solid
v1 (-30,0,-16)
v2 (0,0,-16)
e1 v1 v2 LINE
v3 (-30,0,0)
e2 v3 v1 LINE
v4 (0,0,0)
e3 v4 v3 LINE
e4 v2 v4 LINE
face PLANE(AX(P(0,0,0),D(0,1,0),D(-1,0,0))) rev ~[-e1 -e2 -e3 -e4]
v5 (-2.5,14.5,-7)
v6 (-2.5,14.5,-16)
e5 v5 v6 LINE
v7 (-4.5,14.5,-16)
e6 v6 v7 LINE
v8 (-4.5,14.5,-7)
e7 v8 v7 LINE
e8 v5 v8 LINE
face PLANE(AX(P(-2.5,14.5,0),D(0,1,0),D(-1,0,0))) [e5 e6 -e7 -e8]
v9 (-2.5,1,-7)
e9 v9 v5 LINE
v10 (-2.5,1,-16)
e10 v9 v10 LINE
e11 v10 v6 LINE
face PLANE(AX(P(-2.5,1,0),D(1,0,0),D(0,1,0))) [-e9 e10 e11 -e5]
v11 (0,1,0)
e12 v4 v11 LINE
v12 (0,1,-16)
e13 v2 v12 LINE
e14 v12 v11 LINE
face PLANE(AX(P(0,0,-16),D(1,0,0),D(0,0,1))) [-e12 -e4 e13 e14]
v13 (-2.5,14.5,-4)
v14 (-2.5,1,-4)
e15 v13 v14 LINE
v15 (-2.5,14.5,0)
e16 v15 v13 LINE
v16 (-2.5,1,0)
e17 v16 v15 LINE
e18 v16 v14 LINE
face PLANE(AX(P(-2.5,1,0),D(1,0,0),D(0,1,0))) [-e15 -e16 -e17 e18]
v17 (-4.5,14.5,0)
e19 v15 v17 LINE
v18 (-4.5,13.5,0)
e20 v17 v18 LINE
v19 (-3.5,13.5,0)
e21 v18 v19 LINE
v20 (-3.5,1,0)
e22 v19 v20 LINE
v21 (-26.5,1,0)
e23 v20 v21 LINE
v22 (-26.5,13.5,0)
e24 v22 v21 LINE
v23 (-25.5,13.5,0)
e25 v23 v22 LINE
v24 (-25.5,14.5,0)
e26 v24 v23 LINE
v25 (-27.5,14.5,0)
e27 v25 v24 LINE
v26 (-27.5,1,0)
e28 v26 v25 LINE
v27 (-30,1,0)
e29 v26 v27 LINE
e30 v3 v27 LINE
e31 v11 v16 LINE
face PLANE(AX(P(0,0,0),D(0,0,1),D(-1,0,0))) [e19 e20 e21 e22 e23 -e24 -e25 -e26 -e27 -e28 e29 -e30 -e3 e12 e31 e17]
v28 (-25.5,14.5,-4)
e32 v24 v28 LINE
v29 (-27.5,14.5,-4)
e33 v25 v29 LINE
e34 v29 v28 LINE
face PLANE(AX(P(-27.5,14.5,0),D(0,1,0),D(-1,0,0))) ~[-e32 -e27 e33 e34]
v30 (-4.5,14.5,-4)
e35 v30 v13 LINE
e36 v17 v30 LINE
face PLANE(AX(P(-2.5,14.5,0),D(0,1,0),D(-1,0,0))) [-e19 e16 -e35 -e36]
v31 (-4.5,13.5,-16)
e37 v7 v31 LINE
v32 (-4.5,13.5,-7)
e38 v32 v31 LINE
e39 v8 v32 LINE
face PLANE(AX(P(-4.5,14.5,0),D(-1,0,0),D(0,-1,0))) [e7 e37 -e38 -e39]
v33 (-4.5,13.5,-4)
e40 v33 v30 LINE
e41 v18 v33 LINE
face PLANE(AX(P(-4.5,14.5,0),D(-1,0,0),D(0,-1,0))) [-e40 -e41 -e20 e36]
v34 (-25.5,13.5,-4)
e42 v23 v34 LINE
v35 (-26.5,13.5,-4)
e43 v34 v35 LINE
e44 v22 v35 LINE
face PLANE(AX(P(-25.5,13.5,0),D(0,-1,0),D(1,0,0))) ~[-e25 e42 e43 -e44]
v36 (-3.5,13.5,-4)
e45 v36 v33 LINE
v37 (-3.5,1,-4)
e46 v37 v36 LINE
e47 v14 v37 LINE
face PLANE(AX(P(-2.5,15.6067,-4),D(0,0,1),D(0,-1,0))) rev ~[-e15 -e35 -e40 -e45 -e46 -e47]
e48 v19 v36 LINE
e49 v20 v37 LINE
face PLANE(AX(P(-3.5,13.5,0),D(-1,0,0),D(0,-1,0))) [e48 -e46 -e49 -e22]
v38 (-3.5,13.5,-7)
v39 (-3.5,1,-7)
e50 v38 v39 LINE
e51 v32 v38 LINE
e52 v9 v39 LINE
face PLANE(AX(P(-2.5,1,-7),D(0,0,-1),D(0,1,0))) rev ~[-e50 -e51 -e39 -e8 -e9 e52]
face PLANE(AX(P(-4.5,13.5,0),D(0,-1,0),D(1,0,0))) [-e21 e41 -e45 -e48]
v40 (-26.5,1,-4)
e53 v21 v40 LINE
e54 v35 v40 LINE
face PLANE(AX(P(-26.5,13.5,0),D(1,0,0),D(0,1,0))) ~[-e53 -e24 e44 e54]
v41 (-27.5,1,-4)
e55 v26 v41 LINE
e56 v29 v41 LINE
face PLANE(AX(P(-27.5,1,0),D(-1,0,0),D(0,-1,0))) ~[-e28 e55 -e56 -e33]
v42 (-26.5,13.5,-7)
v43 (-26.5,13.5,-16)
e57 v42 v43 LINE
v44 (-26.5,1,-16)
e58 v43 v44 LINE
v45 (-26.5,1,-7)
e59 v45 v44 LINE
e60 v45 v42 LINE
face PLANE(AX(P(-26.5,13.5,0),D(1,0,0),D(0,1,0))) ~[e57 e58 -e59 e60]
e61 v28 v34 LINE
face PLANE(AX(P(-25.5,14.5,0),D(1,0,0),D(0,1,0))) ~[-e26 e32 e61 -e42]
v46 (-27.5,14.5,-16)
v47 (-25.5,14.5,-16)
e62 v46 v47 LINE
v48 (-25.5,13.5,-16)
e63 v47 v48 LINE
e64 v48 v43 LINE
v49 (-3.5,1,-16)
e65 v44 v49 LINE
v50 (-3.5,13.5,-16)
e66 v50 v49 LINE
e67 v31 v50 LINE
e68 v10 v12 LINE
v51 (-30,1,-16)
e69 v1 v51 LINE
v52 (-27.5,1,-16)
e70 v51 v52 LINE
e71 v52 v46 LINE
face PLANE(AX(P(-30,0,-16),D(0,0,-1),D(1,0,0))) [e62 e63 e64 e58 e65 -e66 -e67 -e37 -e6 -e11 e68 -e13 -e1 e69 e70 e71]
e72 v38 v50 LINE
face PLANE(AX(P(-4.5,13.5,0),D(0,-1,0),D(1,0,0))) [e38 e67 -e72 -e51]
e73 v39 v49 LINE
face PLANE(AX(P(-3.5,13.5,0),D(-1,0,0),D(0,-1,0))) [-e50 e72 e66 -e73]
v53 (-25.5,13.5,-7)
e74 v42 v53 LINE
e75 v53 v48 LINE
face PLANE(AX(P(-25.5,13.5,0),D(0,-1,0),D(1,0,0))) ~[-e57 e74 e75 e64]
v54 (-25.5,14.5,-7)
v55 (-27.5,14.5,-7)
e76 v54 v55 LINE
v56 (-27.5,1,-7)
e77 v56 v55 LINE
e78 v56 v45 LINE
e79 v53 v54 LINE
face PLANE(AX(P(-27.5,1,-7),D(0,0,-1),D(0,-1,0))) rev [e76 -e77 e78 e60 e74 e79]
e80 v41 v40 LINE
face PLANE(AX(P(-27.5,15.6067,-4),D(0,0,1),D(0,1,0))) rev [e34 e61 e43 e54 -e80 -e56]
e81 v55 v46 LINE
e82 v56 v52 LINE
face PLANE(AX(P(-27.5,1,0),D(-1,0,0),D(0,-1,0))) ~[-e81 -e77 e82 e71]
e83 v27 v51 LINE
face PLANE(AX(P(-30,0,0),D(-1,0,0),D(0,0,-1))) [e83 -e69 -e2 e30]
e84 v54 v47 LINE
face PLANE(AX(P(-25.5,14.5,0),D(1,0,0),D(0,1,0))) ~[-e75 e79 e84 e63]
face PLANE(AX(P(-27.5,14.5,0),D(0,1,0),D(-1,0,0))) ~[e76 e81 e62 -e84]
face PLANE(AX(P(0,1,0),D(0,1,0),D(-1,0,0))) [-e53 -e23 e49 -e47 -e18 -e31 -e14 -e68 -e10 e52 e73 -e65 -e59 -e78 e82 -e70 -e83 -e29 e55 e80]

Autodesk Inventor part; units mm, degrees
ref_plane "YZ Plane" through (0, 0, 0) normal (1, 0, 0) x (0, 1, 0)
ref_plane "XZ Plane" through (0, 0, 0) normal (0, 1, 0) x (-1, 0, 0)
ref_plane "XY Plane" through (0, 0, 0) normal (0, 0, 1) x (1, 0, 0)
sketch "Skizze1" plane through (0, 0, 0) normal (0, 1, 0) x (-1, 0, 0)
  line L0 (0, 0) -> (30, 0)
  line L1 (30, 0) -> (30, -16)
  line L2 (30, -16) -> (0, -16)
  line L3 (0, -16) -> (0, 0)
  dimension "d0" = 30
  dimension "d1" = 16
extrude "Extrusion1" add sketch "Skizze1" along normal blind 1
sketch "Skizze2" plane through (-30, 0, 0) normal (0, 0, 1) x (1, 0, 0)
  line L0 (30, 1) -> (0, 1) projected
  line L1 (27.5, 1) -> (27.5, 14.5)
  line L2 (27.5, 1) -> (41, 1) construction
  line L3 (27.5, 14.5) -> (25.5, 14.5)
  line L4 (25.5, 14.5) -> (25.5, 13.5)
  line L5 (25.5, 13.5) -> (26.5, 13.5)
  line L6 (26.5, 13.5) -> (26.5, 1)
  line L7 (26.5, 1) -> (27.5, 1)
  line L8 (15, 1) -> (15, 5.7863)
  point P0 (30, 0)
  point P1 (15, 3.3931)
  point P2 (26.5, 1)
  dimension "d4" = 13.5
  dimension "d5" = 90
  dimension "d6" = 2
  dimension "d7" = 1
  dimension "d8" = 1
  dimension "d9" = 11.5
extrude "Extrusion2" add sketch "Skizze2" against normal blind 16
ref_plane "Arbeitsebene1" through (-15, 0, 0) normal (1, 0, 0) x (0, 0, -1)
sketch "Skizze3" plane through (-2.5, 1, 0) normal (1, 0, 0) x (0, 0, -1)
  line L0 (16, 0) -> (0, 0) projected
  line L1 (4, 0) -> (7, 0)
  line L2 (7, 0) -> (7, 14.6067)
  line L3 (7, 14.6067) -> (4, 14.6067)
  line L4 (4, 14.6067) -> (4, 0)
  point P0 (0, -1)
  point P1 (7, 0)
  dimension "d12" = 3
extrude "Extrusion3" cut sketch "Skizze3" against normal blind 16
mirror "Spiegeln1" about plane through (-15, 0, 0) normal (1, 0, 0) of "Extrusion2", "Extrusion3"
equation "\"Biegeradius\" = Stärke"
equation "\"BreiteBiegungsfreistellung\" = Stärke"
equation "\"TiefeBiegungsfreistellung\" = 0.5 * Stärke"
equation "\"GrößeEckenfreistellung\" = 4 * Stärke"
equation "\"MinimalRest\" = 2 * Stärke"
equation "\"Übergangsradius\" = Biegeradius"
equation "\"JacobiRadiusGröße\" = Biegeradius"
equation "\"Abstandsgröße\" = Stärke"
equation "\"Stärke\" = 0.5"
properties part number "ServoHalterung"
